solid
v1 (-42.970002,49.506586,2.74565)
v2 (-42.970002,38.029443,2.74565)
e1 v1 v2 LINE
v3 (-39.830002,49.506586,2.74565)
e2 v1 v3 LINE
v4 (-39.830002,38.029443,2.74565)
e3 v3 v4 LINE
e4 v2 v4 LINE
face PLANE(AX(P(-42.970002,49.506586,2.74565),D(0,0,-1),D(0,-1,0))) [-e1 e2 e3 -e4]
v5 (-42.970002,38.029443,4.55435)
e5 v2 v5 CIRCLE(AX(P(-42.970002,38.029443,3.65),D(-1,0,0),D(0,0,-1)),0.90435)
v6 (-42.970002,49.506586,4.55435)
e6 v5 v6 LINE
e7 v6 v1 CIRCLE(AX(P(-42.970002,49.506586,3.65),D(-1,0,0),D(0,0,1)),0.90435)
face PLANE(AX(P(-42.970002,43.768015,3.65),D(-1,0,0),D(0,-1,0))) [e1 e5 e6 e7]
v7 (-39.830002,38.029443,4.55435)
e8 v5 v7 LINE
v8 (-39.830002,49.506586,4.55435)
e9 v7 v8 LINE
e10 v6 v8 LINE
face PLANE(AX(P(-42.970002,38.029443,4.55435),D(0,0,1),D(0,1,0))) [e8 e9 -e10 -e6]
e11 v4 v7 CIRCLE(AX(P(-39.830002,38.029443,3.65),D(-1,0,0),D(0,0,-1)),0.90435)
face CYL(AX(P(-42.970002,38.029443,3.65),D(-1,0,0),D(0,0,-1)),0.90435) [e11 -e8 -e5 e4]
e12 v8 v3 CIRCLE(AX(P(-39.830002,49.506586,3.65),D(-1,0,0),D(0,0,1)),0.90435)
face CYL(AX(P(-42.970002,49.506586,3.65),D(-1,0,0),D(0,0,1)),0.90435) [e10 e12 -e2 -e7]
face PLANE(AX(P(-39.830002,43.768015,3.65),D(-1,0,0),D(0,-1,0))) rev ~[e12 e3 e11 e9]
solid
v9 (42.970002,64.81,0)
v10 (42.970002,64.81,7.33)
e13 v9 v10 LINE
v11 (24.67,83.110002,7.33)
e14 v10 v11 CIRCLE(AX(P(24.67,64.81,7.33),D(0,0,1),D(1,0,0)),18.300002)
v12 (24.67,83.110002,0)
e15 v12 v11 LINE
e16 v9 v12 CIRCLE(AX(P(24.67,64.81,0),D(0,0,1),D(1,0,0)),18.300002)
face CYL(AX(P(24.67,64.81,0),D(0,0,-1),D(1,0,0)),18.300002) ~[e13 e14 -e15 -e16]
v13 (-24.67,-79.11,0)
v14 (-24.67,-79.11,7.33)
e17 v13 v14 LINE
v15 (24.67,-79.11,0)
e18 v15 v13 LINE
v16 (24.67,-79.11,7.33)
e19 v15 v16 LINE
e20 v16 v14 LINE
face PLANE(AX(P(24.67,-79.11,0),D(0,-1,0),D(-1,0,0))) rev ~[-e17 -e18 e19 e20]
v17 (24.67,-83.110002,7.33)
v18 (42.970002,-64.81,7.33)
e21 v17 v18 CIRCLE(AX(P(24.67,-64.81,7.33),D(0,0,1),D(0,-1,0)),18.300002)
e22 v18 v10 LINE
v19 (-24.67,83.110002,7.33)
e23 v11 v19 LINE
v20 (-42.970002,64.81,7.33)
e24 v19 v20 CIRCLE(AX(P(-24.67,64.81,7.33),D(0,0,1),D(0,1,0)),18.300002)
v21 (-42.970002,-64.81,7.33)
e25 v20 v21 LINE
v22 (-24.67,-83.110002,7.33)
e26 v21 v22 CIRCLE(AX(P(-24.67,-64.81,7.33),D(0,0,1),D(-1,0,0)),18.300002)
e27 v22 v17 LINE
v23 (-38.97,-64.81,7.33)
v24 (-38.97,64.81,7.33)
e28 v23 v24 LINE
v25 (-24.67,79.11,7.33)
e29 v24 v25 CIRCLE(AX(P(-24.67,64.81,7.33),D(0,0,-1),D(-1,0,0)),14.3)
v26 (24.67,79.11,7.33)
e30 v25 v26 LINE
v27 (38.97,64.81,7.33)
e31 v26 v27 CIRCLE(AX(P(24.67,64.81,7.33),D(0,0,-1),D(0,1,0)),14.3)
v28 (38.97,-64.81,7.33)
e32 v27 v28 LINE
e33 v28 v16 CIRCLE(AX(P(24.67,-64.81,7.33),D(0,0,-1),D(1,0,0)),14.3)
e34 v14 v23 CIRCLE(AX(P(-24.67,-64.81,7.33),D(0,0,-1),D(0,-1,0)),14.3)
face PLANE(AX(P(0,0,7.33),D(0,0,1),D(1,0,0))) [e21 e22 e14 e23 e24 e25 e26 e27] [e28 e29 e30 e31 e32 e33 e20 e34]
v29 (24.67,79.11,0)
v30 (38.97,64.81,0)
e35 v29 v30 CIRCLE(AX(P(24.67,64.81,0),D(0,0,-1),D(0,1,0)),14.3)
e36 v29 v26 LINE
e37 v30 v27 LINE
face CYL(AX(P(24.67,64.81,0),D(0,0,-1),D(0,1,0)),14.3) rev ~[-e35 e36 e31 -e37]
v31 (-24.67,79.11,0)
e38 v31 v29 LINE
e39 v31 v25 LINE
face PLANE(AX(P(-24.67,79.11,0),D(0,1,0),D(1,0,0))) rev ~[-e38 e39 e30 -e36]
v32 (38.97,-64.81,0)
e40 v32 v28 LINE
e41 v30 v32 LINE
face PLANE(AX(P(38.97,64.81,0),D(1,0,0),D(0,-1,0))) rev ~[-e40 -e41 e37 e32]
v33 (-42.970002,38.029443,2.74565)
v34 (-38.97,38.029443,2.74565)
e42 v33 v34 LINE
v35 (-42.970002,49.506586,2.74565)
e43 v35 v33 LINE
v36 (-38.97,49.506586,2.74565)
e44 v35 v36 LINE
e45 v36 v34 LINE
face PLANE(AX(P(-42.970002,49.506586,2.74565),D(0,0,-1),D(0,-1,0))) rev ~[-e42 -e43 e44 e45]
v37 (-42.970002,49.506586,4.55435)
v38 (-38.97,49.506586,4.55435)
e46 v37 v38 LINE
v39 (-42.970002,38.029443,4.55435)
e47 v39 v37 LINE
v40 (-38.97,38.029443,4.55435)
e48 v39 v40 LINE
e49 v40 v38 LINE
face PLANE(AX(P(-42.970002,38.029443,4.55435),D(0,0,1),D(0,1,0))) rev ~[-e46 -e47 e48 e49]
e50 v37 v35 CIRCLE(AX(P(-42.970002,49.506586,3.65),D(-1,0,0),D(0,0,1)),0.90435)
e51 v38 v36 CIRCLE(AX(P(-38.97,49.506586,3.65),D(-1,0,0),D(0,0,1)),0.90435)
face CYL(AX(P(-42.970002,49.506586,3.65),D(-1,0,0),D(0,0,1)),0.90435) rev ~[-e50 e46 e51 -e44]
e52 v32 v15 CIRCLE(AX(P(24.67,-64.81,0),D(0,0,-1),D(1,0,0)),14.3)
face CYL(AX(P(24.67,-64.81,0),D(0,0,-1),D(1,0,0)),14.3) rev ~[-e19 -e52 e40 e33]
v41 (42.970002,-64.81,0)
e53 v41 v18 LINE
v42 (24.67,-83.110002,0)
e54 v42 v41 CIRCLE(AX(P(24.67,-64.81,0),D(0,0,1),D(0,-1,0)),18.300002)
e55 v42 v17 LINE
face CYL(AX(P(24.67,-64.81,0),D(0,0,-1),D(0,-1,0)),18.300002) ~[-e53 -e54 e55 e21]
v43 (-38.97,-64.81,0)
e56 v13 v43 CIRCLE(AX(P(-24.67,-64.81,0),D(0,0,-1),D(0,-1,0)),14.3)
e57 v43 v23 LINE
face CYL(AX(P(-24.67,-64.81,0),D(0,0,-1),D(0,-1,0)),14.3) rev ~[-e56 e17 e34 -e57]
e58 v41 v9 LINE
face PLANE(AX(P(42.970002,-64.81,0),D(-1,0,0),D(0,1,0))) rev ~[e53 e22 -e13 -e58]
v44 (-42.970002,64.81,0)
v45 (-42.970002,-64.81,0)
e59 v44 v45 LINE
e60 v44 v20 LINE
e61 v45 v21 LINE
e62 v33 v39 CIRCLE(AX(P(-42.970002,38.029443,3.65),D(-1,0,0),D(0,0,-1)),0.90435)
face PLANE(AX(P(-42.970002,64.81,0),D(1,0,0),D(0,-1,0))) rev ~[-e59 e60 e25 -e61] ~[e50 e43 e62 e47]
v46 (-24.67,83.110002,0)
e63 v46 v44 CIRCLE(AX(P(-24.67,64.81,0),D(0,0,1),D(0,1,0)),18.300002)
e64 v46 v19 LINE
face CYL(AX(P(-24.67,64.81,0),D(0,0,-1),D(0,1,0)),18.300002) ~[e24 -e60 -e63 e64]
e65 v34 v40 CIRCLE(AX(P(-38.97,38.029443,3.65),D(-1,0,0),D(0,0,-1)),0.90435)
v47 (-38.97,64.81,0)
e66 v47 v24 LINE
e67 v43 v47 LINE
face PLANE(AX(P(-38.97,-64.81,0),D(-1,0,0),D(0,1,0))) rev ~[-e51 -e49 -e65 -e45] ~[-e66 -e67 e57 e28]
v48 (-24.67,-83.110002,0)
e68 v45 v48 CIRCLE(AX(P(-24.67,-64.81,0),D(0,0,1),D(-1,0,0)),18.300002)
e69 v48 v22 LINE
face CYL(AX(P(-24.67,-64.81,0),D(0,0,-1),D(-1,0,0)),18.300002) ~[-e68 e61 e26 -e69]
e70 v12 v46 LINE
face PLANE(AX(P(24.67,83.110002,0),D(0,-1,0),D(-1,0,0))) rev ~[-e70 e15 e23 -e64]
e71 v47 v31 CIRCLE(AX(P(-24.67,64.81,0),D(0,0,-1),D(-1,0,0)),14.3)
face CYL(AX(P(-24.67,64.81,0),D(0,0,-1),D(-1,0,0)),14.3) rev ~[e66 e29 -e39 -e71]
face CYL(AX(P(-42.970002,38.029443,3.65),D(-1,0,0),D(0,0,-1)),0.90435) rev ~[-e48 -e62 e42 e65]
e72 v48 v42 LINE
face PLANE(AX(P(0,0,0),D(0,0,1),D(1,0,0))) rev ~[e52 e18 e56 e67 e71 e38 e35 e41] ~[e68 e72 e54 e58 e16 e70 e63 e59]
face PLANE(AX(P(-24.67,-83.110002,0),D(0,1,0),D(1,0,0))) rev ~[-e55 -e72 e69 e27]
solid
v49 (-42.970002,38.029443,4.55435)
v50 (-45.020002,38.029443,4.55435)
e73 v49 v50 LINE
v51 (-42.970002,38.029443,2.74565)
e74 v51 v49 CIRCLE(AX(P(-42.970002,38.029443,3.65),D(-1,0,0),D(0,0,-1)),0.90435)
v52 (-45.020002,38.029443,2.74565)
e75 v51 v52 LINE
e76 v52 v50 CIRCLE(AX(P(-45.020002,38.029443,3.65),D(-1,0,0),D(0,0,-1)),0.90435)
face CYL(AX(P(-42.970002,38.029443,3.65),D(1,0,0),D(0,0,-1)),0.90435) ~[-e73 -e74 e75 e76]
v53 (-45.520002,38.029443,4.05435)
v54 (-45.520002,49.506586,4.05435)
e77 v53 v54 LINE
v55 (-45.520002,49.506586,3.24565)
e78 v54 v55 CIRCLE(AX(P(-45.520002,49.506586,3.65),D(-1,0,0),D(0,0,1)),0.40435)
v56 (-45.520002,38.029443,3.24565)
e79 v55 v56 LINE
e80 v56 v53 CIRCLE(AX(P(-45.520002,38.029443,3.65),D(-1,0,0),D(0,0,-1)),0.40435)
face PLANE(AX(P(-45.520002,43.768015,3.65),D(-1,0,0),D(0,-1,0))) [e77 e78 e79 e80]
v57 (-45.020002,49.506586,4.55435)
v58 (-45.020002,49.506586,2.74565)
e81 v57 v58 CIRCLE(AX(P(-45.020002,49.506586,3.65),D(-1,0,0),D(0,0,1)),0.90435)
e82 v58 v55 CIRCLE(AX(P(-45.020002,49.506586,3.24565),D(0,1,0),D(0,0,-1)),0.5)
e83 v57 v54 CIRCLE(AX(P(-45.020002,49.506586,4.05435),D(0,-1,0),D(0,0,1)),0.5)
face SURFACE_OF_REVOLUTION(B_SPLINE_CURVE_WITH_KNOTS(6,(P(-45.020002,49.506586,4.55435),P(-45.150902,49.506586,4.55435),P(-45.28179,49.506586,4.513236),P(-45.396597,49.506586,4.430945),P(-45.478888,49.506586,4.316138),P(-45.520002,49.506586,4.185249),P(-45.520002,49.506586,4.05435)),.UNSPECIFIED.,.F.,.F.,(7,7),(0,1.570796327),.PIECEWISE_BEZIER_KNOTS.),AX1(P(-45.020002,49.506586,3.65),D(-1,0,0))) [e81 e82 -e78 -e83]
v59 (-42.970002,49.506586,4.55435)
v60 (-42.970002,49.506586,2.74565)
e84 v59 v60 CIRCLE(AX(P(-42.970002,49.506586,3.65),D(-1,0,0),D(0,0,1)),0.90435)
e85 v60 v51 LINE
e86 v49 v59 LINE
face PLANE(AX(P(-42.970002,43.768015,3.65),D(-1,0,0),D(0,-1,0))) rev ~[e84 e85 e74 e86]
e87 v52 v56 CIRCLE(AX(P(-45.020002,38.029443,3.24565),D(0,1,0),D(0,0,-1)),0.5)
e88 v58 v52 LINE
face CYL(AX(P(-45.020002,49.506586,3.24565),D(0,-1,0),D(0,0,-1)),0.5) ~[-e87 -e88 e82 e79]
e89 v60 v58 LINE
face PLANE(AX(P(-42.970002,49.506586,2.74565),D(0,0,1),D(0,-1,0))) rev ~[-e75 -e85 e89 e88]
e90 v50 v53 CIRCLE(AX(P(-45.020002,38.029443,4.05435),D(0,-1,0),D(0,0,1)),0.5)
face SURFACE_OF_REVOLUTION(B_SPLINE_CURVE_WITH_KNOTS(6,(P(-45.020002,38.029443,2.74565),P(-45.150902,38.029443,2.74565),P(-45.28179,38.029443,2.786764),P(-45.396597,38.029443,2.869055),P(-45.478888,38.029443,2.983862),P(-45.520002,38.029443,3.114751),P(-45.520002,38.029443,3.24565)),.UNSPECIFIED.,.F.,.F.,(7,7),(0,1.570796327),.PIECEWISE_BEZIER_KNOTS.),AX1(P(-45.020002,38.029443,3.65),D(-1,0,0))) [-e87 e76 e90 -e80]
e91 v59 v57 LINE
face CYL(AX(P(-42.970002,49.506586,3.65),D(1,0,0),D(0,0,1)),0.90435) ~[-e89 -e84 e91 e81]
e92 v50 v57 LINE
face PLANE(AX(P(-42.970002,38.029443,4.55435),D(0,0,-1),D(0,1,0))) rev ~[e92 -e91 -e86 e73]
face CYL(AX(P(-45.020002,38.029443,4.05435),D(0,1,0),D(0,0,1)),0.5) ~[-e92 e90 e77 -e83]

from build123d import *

# Parameters (mm, degrees)
F1_DEPTH = 7.33
F4_DEPTH = 2.55
F5_R     = 0.5
F6_DEPTH = 5
F7_DEPTH = 3.14


with BuildPart() as f1:
    # F0 (on Top) → F1 (new body)
    with BuildSketch(Plane.XY):
        with BuildLine():
            Line((-42.9700019847, 64.81), (-42.9700019847, 43.63))
            Line((-42.9700019847, 43.63), (-42.9700019847, -64.81))
            ThreePointArc((-42.9700019847, -64.81), (-37.6100554991, -77.7500554991), (-24.67, -83.1100019847))
            Line((-24.67, -83.1100019847), (24.67, -83.1100019847))
            ThreePointArc((24.67, -83.1100019847), (37.6100554991, -77.7500554991), (42.9700019847, -64.81))
            Line((42.9700019847, -64.81), (42.9700019847, 64.81))
            ThreePointArc((42.9700019847, 64.81), (37.6100554991, 77.7500554991), (24.67, 83.1100019847))
            Line((24.67, 83.1100019847), (-24.67, 83.1100019847))
            ThreePointArc((-24.67, 83.1100019847), (-37.6100554991, 77.7500554991), (-42.9700019847, 64.81))
        make_face()
        with BuildLine():
            ThreePointArc((-38.97, 64.81), (-34.781626971, 74.921626971), (-24.67, 79.11))
            Line((-24.67, 79.11), (-17.5395198166, 79.11))
            Line((-17.5395198166, 79.11), (24.67, 79.11))
            ThreePointArc((24.67, 79.11), (34.781626971, 74.921626971), (38.97, 64.81))
            Line((38.97, 64.81), (38.97, -64.81))
            ThreePointArc((38.97, -64.81), (34.781626971, -74.921626971), (24.67, -79.11))
            Line((24.67, -79.11), (-24.67, -79.11))
            ThreePointArc((-24.67, -79.11), (-34.781626971, -74.921626971), (-38.97, -64.81))
            Line((-38.97, -64.81), (-38.97, 43.63))
            Line((-38.97, 43.63), (-38.97, 64.81))
        make_face(mode=Mode.SUBTRACT)
    extrude(amount=F1_DEPTH)

    # F3 (on offset) → F4 (join)
    with BuildSketch(Plane(origin=(-42.9700019847, 0, 0), x_dir=(0, -1, 0), z_dir=(-1, 0, 0))):
        with BuildLine():
            Line((-49.506586045, 2.7456503123), (-43.7680147588, 2.7456503123))
            Line((-43.7680147588, 2.7456503123), (-38.0294434726, 2.7456503123))
            ThreePointArc((-38.0294434726, 2.7456503123), (-37.1250937849, 3.65), (-38.0294434726, 4.5543496877))
            Line((-38.0294434726, 4.5543496877), (-43.7680147588, 4.5543496877))
            Line((-43.7680147588, 4.5543496877), (-49.506586045, 4.5543496877))
            ThreePointArc((-49.506586045, 4.5543496877), (-50.4109357327, 3.65), (-49.506586045, 2.7456503123))
        make_face()
    extrude(amount=F4_DEPTH)

    # F5
    f5_edges = [f1.edges().sort_by_distance(p)[0] for p in [
        (-45.520002, 43.768015, 2.74565),
        (-45.520002, 43.768015, 4.55435),
        (-45.520002, 37.125094, 3.65),
        (-45.520002, 50.410936, 3.65),
    ]]
    fillet(f5_edges, radius=F5_R)

    # F3 (on offset) → F6 (cut)
    with BuildSketch(Plane(origin=(-42.9700019847, 0, 0), x_dir=(0, -1, 0), z_dir=(-1, 0, 0))):
        with BuildLine():
            Line((-49.506586045, 2.7456503123), (-43.7680147588, 2.7456503123))
            Line((-43.7680147588, 2.7456503123), (-38.0294434726, 2.7456503123))
            ThreePointArc((-38.0294434726, 2.7456503123), (-37.1250937849, 3.65), (-38.0294434726, 4.5543496877))
            Line((-38.0294434726, 4.5543496877), (-43.7680147588, 4.5543496877))
            Line((-43.7680147588, 4.5543496877), (-49.506586045, 4.5543496877))
            ThreePointArc((-49.506586045, 4.5543496877), (-50.4109357327, 3.65), (-49.506586045, 2.7456503123))
        make_face()
    extrude(amount=-F6_DEPTH, mode=Mode.SUBTRACT)


with BuildPart() as f7:
    # F7 (new): a face of the model
    f7_faces = [f1.part.faces().sort_by_distance(p)[0] for p in [
        (-42.9700019847, 43.7680147588, 3.65),
    ]]
    extrude(f7_faces, amount=F7_DEPTH)


solid = Compound([f1.part, f7.part])
